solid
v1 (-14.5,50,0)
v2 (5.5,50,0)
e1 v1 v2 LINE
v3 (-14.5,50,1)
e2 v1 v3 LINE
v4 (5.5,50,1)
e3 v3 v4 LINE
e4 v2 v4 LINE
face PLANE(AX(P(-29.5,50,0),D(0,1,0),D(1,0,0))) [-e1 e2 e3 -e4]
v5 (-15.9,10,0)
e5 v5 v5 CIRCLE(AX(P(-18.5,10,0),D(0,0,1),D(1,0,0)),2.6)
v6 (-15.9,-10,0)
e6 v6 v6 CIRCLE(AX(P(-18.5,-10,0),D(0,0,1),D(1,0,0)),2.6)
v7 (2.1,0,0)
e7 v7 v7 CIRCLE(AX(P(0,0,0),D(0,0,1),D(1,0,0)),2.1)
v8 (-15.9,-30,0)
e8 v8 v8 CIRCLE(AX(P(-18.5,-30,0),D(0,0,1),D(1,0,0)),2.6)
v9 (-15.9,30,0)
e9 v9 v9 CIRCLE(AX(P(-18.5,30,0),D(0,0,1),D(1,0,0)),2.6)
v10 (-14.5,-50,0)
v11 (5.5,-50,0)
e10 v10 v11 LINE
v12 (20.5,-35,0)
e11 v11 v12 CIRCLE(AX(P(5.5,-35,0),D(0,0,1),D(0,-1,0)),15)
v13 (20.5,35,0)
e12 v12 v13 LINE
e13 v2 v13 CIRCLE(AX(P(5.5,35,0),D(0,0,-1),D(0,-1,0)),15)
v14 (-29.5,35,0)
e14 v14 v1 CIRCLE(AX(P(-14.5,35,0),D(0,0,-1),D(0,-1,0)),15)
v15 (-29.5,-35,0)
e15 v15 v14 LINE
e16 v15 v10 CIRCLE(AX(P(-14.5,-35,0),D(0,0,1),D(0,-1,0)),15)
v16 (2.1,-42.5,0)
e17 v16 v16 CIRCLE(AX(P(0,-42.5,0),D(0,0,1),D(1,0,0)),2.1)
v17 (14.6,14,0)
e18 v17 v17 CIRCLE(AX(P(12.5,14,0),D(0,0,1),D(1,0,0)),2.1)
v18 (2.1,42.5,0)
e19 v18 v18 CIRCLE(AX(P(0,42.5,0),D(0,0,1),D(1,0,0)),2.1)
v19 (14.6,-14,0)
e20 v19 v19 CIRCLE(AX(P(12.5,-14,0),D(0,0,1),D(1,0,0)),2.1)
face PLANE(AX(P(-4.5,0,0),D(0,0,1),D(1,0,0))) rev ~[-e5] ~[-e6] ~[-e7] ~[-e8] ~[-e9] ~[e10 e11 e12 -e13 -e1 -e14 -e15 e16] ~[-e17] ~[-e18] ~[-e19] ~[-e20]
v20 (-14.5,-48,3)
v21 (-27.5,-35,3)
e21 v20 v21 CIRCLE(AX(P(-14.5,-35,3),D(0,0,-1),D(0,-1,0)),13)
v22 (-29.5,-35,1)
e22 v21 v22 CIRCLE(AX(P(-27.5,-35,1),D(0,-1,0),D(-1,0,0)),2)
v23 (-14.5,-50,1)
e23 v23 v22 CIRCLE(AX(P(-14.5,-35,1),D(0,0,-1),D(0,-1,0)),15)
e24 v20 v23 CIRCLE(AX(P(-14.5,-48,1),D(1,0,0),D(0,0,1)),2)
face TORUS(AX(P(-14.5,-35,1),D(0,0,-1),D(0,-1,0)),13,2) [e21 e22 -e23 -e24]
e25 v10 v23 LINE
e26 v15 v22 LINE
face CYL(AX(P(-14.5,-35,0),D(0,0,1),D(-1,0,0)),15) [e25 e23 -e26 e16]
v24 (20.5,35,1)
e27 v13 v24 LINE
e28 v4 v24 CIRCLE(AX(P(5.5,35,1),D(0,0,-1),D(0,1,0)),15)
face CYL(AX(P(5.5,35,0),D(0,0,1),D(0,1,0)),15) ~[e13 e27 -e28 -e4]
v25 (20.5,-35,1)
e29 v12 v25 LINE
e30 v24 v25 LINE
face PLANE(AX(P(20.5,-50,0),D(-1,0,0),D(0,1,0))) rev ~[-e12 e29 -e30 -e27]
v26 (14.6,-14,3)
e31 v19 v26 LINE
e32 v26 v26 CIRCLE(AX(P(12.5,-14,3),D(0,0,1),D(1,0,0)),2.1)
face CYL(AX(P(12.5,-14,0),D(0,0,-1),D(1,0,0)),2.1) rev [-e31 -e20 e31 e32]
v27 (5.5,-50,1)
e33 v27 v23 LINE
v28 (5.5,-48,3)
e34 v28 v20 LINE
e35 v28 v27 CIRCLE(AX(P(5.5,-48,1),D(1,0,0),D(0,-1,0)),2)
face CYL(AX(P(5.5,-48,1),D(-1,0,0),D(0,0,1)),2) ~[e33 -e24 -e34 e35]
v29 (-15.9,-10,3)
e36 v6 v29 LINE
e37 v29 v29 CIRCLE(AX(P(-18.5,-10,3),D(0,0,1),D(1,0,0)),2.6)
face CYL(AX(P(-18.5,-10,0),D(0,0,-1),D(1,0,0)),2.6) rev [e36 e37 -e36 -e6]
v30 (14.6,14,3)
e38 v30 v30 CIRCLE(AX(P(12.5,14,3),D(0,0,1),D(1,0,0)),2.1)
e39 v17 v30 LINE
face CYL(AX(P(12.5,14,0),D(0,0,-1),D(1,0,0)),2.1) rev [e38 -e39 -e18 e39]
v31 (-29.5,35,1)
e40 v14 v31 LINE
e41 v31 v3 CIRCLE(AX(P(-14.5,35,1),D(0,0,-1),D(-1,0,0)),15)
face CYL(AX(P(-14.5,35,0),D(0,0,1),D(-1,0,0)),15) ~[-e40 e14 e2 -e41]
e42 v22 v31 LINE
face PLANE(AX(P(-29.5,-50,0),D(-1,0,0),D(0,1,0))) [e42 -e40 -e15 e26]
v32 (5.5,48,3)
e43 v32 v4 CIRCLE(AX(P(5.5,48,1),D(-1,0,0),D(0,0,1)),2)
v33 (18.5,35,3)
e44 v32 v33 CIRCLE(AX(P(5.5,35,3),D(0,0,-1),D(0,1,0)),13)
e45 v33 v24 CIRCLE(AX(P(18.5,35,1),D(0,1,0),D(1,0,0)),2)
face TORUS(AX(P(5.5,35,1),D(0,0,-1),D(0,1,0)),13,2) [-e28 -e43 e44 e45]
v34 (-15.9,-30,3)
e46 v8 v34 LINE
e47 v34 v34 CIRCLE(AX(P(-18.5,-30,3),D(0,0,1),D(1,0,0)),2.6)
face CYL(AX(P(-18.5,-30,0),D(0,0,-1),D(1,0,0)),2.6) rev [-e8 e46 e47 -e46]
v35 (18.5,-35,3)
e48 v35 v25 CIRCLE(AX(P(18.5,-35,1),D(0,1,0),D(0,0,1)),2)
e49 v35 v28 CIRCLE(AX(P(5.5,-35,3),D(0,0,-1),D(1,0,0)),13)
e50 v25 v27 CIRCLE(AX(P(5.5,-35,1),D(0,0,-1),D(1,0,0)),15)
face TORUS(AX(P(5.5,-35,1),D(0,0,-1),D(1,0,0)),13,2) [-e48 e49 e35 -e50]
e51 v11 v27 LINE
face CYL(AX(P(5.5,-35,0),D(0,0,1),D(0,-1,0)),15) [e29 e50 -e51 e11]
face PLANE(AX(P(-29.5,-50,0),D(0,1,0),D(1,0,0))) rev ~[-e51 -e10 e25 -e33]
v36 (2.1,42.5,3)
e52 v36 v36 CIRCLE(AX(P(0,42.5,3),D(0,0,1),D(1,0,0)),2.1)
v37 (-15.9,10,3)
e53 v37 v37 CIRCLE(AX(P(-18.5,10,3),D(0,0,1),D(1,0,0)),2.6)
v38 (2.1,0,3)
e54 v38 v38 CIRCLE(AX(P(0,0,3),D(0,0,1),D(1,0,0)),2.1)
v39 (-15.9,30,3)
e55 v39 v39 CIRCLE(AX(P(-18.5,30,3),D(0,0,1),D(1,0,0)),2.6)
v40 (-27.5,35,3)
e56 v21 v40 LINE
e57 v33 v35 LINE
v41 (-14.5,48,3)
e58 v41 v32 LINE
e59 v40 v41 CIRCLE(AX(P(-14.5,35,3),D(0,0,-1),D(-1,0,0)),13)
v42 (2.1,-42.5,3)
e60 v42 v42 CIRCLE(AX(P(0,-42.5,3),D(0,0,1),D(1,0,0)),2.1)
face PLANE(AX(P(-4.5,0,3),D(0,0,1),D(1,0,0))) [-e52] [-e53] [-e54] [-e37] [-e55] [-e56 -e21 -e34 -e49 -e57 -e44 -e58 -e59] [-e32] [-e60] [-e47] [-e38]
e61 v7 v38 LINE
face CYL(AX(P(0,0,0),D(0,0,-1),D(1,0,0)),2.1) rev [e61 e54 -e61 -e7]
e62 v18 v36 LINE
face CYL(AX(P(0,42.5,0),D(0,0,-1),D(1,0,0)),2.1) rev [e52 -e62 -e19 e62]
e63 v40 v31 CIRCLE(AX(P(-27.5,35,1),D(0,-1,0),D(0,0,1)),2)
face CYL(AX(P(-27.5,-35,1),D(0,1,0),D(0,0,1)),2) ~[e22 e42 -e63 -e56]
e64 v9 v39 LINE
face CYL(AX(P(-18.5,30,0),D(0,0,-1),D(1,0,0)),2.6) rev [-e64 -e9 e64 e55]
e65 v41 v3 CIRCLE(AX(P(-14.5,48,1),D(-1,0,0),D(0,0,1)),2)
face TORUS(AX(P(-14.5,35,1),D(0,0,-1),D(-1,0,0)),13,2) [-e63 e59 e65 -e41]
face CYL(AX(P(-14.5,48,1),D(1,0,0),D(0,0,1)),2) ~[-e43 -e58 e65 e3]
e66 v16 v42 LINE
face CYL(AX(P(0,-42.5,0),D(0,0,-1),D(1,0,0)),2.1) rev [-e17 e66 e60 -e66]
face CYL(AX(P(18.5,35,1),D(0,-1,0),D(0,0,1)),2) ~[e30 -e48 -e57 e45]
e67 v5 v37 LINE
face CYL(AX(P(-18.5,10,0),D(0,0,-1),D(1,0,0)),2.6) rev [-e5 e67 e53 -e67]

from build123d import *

# Parameters (mm, degrees)
F0_W     = 50
F0_H     = 100
F0_R     = 2.6
F0_R_2   = 2.1
F1_DEPTH = 3
F2_R     = 15
F3_R     = 2


with BuildPart() as f1:
    # F0 (on Top) → F1 (new body)
    with BuildSketch(Plane.XY):
        with Locations((-4.5, 0)):
            Rectangle(F0_W, F0_H)
        with Locations((-18.5, -30)):
            Circle(F0_R, mode=Mode.SUBTRACT)
        with Locations((-18.5, -10)):
            Circle(F0_R, mode=Mode.SUBTRACT)
        with Locations((0, -42.5)):
            Circle(F0_R_2, mode=Mode.SUBTRACT)
        with Locations((12.5, -14)):
            Circle(F0_R_2, mode=Mode.SUBTRACT)
        with Locations((-18.5, 10)):
            Circle(F0_R, mode=Mode.SUBTRACT)
        with Locations((-18.5, 30)):
            Circle(F0_R, mode=Mode.SUBTRACT)
        Circle(F0_R_2, mode=Mode.SUBTRACT)
        with Locations((12.5, 14)):
            Circle(F0_R_2, mode=Mode.SUBTRACT)
        with Locations((0, 42.5)):
            Circle(F0_R_2, mode=Mode.SUBTRACT)
    extrude(amount=F1_DEPTH)

    # F2
    f2_edges = [f1.edges().sort_by_distance(p)[0] for p in [
        (-29.5, -50, 1.5),
        (20.5, -50, 1.5),
        (20.5, 50, 1.5),
        (-29.5, 50, 1.5),
    ]]
    fillet(f2_edges, radius=F2_R)

    # F3
    f3_edges = [f1.edges().sort_by_distance(p)[0] for p in [
        (-4.5, 50, 3),
    ]]
    fillet(f3_edges, radius=F3_R)


solid = f1.part
